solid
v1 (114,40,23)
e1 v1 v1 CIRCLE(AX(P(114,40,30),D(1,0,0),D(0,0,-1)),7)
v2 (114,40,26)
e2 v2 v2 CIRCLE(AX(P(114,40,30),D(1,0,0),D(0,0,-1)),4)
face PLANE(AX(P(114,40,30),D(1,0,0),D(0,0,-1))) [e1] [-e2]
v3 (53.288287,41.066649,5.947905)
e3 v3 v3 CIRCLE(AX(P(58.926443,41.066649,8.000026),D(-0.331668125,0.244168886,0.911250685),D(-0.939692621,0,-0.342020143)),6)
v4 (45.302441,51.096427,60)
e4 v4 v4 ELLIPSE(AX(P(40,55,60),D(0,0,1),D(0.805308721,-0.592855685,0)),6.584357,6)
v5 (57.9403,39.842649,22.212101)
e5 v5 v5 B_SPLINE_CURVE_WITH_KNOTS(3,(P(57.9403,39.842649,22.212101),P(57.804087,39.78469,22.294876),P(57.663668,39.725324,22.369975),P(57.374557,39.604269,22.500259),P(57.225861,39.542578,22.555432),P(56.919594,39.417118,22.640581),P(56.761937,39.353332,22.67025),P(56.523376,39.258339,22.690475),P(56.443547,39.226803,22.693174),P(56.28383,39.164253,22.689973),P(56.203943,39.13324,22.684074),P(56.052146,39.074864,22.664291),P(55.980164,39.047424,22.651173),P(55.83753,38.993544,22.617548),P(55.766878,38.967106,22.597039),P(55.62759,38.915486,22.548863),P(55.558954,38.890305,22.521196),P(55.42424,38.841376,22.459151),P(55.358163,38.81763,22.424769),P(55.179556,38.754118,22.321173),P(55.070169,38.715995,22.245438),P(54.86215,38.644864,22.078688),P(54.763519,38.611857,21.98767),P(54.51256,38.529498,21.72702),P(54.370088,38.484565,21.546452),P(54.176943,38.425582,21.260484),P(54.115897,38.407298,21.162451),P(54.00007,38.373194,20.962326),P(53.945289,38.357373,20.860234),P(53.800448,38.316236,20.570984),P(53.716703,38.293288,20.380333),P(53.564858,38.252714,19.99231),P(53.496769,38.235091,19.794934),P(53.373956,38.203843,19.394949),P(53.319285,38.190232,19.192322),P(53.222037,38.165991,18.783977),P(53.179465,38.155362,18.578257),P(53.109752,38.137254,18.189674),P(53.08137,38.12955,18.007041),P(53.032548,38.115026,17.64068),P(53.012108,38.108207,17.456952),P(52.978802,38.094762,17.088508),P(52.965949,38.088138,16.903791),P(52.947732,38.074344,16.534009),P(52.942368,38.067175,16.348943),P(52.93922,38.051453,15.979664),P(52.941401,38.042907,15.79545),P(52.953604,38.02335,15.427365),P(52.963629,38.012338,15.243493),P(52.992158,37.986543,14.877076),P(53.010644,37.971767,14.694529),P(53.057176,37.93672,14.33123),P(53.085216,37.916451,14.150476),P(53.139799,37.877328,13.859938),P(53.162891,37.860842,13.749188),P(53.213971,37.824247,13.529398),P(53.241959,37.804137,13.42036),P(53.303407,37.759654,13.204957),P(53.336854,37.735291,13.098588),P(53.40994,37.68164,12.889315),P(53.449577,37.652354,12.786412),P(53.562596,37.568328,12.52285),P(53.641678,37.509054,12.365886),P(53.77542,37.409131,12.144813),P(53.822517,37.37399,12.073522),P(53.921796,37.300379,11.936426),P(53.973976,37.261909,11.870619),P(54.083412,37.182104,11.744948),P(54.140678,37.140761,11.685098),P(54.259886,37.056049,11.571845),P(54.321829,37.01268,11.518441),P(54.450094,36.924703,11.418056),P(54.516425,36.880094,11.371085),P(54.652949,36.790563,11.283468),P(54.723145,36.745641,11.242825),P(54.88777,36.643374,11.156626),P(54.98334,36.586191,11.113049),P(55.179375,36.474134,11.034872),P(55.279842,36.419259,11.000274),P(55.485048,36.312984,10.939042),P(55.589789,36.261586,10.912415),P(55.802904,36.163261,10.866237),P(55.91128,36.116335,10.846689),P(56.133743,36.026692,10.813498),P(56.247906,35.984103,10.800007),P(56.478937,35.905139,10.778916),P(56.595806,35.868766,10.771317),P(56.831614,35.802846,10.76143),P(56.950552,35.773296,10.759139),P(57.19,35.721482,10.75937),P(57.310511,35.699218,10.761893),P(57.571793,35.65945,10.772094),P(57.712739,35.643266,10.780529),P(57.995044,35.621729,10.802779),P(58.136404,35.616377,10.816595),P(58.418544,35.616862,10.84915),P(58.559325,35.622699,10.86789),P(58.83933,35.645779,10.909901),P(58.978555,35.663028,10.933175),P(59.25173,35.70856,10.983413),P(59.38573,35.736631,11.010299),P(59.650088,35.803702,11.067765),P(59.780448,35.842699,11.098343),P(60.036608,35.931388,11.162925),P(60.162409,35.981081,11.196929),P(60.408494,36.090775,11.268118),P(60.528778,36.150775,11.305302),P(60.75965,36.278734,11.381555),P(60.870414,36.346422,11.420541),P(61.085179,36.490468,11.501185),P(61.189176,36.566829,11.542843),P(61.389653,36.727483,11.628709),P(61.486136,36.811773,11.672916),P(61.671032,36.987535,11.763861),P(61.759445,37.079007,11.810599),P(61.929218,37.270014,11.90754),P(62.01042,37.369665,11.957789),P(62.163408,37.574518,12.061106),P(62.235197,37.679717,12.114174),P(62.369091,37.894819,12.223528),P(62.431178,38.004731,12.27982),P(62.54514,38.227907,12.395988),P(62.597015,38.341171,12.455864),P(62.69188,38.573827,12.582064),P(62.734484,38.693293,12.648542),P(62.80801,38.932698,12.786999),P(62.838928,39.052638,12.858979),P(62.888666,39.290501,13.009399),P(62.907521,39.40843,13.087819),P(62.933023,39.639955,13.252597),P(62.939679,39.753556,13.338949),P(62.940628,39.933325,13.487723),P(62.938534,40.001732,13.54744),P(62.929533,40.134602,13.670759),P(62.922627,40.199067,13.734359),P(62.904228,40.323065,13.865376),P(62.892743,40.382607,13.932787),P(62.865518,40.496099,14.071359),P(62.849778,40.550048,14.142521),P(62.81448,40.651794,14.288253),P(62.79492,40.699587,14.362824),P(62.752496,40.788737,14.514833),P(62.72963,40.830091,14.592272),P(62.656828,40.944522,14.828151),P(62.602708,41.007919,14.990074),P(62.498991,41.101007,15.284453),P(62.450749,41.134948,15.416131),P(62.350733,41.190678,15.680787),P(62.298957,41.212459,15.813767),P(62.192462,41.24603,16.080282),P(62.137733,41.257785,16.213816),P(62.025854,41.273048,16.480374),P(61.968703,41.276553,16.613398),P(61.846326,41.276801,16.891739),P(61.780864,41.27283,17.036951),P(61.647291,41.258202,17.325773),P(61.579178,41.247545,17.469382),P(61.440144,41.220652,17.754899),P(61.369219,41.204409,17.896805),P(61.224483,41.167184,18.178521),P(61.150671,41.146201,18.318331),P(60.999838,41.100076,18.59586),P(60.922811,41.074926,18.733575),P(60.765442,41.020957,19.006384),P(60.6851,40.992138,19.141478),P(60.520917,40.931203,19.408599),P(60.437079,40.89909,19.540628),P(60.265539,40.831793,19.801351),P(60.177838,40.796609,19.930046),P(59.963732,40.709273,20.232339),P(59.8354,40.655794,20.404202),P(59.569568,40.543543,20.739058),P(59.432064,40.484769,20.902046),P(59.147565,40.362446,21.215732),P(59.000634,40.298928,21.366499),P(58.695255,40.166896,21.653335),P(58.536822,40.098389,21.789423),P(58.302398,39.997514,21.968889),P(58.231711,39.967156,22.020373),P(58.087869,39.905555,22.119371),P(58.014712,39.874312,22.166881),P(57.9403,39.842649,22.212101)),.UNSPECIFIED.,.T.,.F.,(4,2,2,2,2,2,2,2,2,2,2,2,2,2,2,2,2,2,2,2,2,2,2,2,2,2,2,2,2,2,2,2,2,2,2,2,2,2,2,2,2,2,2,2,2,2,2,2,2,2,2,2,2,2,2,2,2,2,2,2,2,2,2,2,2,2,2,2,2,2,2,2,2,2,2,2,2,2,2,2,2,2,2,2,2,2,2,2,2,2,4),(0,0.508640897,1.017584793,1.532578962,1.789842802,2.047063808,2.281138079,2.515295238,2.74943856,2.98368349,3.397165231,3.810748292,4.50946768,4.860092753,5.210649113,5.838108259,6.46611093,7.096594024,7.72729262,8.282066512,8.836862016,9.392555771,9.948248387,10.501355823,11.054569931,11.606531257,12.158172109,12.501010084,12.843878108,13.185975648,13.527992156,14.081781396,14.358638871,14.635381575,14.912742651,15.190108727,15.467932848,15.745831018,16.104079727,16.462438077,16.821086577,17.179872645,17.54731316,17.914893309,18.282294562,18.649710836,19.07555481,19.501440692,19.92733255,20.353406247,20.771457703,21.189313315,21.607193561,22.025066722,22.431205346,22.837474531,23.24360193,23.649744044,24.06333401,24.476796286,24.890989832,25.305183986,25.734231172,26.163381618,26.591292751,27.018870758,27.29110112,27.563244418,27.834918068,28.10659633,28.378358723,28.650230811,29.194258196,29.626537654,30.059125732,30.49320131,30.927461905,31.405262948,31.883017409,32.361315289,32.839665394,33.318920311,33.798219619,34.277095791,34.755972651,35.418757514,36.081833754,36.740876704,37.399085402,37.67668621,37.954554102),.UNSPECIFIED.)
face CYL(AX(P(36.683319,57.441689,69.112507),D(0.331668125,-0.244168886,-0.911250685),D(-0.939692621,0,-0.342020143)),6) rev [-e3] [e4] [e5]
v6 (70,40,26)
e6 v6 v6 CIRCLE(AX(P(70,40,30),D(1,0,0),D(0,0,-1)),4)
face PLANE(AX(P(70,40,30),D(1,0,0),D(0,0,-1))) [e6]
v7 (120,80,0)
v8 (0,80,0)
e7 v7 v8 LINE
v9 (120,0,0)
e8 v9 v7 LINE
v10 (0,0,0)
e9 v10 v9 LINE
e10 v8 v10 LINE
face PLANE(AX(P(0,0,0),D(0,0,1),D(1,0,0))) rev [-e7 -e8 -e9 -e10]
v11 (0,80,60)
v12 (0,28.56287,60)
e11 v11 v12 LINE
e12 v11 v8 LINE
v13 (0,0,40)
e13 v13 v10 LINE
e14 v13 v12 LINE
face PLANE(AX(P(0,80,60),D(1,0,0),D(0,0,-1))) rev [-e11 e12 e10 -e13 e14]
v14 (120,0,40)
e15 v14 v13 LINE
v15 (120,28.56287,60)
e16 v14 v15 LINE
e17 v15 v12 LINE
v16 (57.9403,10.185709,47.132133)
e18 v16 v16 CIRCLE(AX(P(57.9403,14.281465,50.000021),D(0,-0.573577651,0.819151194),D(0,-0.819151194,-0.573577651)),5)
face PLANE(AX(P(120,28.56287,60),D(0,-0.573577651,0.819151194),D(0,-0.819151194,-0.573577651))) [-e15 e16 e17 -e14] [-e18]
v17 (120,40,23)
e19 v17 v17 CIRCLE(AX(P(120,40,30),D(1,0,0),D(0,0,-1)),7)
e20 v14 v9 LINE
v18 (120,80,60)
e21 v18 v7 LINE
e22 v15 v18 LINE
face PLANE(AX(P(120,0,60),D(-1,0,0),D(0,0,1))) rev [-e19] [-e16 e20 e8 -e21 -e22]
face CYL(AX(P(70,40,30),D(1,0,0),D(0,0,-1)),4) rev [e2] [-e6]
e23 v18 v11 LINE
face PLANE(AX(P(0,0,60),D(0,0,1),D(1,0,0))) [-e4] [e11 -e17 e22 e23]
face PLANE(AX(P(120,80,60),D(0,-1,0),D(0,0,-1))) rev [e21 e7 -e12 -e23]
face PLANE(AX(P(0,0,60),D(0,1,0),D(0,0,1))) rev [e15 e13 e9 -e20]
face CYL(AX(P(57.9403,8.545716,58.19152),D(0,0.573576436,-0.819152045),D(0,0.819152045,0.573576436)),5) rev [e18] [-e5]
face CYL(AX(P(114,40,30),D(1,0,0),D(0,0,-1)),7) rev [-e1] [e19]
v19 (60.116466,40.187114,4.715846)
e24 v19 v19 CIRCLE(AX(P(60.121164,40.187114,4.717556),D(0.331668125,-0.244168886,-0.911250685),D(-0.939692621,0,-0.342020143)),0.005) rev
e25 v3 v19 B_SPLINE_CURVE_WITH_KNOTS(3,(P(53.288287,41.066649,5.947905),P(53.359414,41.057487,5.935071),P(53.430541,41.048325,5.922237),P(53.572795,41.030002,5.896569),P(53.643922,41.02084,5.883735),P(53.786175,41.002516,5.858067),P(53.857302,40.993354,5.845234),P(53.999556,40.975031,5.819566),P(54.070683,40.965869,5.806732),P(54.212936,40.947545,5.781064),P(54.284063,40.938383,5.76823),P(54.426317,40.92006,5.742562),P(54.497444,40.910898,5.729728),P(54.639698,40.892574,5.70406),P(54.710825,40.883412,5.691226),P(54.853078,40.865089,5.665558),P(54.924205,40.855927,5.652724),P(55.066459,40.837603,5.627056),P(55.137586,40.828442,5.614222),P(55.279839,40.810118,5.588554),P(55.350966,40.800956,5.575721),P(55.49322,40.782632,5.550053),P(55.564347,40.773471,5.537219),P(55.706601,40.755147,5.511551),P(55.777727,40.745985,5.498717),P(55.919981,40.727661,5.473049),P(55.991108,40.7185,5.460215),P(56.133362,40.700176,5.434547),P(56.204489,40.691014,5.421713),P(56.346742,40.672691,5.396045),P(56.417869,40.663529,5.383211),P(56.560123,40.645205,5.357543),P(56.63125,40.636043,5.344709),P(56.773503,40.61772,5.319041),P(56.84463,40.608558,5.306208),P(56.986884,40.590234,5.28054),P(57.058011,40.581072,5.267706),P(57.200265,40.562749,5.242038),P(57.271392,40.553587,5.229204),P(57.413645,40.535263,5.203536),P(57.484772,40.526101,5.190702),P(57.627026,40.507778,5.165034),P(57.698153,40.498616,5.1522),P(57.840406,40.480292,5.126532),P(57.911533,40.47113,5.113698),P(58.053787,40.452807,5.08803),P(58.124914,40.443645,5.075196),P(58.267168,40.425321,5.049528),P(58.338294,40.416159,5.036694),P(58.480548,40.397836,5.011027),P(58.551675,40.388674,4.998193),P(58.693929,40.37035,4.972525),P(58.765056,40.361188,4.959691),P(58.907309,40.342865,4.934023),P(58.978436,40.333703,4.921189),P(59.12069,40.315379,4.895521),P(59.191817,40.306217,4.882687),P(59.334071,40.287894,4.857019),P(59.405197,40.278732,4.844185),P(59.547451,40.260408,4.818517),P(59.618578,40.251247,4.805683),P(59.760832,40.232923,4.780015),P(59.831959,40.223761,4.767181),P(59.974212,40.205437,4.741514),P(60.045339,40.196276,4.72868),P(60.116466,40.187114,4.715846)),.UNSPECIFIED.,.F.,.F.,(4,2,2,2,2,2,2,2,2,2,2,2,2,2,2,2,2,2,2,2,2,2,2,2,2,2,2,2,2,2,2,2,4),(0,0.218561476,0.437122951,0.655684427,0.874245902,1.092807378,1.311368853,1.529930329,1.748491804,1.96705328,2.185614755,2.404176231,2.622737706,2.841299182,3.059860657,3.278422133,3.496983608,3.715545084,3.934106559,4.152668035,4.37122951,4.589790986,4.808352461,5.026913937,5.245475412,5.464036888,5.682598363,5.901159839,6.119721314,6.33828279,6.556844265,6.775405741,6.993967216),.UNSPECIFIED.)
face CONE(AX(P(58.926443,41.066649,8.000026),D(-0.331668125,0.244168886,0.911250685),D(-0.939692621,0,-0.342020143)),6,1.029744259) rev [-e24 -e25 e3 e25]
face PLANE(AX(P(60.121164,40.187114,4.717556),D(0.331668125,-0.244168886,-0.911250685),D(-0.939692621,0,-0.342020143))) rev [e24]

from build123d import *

# Parameters (mm, degrees)
SKETCH_1_W          = 120
SKETCH_1_H          = 80
EXTRUDE_1_DEPTH     = 60
CUT_EXTRUDE_1_DEPTH = 157.204993518
SWEEP_2_PROFILE_R   = 6
CUT_EXTRUDE_2_DEPTH = 3.602159411
CUT_EXTRUDE_2_DRAFT = -59
SKETCH_5_R          = 7
CUT_EXTRUDE_3_DEPTH = 6
SKETCH_6_R          = 4
CUT_EXTRUDE_4_DEPTH = 50
SWEEP_4_PROFILE_R   = 5


with BuildPart() as part:
    # 草图1 → 凸台-拉伸1 (new body)
    with BuildSketch(Plane.XY):
        with Locations((60, 40)):
            Rectangle(SKETCH_1_W, SKETCH_1_H)
    extrude(amount=EXTRUDE_1_DEPTH)

    # 草图2 → 切除-拉伸1 (cut, through all)
    with BuildSketch(Plane(origin=(0, 0, 0), x_dir=(0, 0, -1), z_dir=(1, 0, 0))):
        Polygon((-40, 0), (-60, 0), (-60, 28.56287), align=None)
    extrude(amount=CUT_EXTRUDE_1_DEPTH, mode=Mode.SUBTRACT)

    # 切除-扫描2: sweep along a curve in space
    with BuildLine() as sweep_2_path:
        Line((36.683319, 57.441689, 69.112507), (58.926443, 41.066649, 8.000026))
    # 切除-扫描2 profile (on start of the path) → 切除-扫描2 (sweep, cut)
    with BuildSketch(Plane(origin=(36.683319, 57.441689, 69.112507), x_dir=(-0.9396926209151826, 0, -0.34202014297049077), z_dir=(0.3316681247446686, -0.24416888605300846, -0.9112506845605045))):
        Circle(SWEEP_2_PROFILE_R)
    sweep(path=sweep_2_path.line, mode=Mode.SUBTRACT)


with BuildPart() as cut_extrude_2_tool:
    # 草图4 → 切除-拉伸2 (with draft: the straight prism first)
    with BuildSketch(Plane(origin=(0.738557167, -0.543714235, -2.029169141), x_dir=(0.9433961283725703, 0.08584202767282707, 0.3203668073578514), z_dir=(-0.3316681247446686, 0.2441688860530088, 0.9112506845605044))):
        with BuildLine():
            ThreePointArc((61.679165391, 31.596777759), (67.679165393, 37.596777757), (61.679165395, 43.596777759))
            ThreePointArc((61.679165395, 43.596777759), (55.679165393, 37.596777761), (61.679165391, 31.596777759))
        make_face()
    extrude(amount=-CUT_EXTRUDE_2_DEPTH)
    # 切除-拉伸2: the draft: its side faces are tilted about the plane it starts from
    cut_extrude_2_sides = [cut_extrude_2_tool.faces().sort_by_distance(p)[0] for p in [
        (59.523803726, 34.831326418, 7.911705161),
    ]]
    draft(cut_extrude_2_sides, Plane(origin=(0.738557167, -0.543714235, -2.029169141), x_dir=(0.9433961283725703, 0.08584202767282707, 0.3203668073578514), z_dir=(-0.3316681247446686, 0.2441688860530088, 0.9112506845605044)), CUT_EXTRUDE_2_DRAFT)


with BuildPart() as part_1:
    add(part.part)

    # 切除-拉伸2: cut by cut_extrude_2_tool
    add(cut_extrude_2_tool.part, mode=Mode.SUBTRACT)

    # 草图5 → 切除-拉伸3 (cut)
    with BuildSketch(Plane(origin=(120, 0, 0), x_dir=(0, 0, -1), z_dir=(1, 0, 0))):
        with Locations((-30, 40)):
            Circle(SKETCH_5_R)
    extrude(amount=-CUT_EXTRUDE_3_DEPTH, mode=Mode.SUBTRACT)

    # 草图6 → 切除-拉伸4 (cut)
    with BuildSketch(Plane(origin=(120, 0, 0), x_dir=(0, 0, -1), z_dir=(1, 0, 0))):
        with Locations((-30, 40)):
            Circle(SKETCH_6_R)
    extrude(amount=-CUT_EXTRUDE_4_DEPTH, mode=Mode.SUBTRACT)

    # 切除-扫描4: sweep along a curve in space
    with BuildLine() as sweep_4_path:
        Line((57.9403, 8.545716, 58.19152), (57.9403, 41.792672, 10.709946))
    # 切除-扫描4 profile (on start of the path) → 切除-扫描4 (sweep, cut)
    with BuildSketch(Plane(origin=(57.9403, 8.545716, 58.19152), x_dir=(0, -0.8191520446202117, -0.573576435878015), z_dir=(0, 0.573576435878015, -0.8191520446202117))):
        Circle(SWEEP_4_PROFILE_R)
    sweep(path=sweep_4_path.line, mode=Mode.SUBTRACT)


solid = part_1.part
